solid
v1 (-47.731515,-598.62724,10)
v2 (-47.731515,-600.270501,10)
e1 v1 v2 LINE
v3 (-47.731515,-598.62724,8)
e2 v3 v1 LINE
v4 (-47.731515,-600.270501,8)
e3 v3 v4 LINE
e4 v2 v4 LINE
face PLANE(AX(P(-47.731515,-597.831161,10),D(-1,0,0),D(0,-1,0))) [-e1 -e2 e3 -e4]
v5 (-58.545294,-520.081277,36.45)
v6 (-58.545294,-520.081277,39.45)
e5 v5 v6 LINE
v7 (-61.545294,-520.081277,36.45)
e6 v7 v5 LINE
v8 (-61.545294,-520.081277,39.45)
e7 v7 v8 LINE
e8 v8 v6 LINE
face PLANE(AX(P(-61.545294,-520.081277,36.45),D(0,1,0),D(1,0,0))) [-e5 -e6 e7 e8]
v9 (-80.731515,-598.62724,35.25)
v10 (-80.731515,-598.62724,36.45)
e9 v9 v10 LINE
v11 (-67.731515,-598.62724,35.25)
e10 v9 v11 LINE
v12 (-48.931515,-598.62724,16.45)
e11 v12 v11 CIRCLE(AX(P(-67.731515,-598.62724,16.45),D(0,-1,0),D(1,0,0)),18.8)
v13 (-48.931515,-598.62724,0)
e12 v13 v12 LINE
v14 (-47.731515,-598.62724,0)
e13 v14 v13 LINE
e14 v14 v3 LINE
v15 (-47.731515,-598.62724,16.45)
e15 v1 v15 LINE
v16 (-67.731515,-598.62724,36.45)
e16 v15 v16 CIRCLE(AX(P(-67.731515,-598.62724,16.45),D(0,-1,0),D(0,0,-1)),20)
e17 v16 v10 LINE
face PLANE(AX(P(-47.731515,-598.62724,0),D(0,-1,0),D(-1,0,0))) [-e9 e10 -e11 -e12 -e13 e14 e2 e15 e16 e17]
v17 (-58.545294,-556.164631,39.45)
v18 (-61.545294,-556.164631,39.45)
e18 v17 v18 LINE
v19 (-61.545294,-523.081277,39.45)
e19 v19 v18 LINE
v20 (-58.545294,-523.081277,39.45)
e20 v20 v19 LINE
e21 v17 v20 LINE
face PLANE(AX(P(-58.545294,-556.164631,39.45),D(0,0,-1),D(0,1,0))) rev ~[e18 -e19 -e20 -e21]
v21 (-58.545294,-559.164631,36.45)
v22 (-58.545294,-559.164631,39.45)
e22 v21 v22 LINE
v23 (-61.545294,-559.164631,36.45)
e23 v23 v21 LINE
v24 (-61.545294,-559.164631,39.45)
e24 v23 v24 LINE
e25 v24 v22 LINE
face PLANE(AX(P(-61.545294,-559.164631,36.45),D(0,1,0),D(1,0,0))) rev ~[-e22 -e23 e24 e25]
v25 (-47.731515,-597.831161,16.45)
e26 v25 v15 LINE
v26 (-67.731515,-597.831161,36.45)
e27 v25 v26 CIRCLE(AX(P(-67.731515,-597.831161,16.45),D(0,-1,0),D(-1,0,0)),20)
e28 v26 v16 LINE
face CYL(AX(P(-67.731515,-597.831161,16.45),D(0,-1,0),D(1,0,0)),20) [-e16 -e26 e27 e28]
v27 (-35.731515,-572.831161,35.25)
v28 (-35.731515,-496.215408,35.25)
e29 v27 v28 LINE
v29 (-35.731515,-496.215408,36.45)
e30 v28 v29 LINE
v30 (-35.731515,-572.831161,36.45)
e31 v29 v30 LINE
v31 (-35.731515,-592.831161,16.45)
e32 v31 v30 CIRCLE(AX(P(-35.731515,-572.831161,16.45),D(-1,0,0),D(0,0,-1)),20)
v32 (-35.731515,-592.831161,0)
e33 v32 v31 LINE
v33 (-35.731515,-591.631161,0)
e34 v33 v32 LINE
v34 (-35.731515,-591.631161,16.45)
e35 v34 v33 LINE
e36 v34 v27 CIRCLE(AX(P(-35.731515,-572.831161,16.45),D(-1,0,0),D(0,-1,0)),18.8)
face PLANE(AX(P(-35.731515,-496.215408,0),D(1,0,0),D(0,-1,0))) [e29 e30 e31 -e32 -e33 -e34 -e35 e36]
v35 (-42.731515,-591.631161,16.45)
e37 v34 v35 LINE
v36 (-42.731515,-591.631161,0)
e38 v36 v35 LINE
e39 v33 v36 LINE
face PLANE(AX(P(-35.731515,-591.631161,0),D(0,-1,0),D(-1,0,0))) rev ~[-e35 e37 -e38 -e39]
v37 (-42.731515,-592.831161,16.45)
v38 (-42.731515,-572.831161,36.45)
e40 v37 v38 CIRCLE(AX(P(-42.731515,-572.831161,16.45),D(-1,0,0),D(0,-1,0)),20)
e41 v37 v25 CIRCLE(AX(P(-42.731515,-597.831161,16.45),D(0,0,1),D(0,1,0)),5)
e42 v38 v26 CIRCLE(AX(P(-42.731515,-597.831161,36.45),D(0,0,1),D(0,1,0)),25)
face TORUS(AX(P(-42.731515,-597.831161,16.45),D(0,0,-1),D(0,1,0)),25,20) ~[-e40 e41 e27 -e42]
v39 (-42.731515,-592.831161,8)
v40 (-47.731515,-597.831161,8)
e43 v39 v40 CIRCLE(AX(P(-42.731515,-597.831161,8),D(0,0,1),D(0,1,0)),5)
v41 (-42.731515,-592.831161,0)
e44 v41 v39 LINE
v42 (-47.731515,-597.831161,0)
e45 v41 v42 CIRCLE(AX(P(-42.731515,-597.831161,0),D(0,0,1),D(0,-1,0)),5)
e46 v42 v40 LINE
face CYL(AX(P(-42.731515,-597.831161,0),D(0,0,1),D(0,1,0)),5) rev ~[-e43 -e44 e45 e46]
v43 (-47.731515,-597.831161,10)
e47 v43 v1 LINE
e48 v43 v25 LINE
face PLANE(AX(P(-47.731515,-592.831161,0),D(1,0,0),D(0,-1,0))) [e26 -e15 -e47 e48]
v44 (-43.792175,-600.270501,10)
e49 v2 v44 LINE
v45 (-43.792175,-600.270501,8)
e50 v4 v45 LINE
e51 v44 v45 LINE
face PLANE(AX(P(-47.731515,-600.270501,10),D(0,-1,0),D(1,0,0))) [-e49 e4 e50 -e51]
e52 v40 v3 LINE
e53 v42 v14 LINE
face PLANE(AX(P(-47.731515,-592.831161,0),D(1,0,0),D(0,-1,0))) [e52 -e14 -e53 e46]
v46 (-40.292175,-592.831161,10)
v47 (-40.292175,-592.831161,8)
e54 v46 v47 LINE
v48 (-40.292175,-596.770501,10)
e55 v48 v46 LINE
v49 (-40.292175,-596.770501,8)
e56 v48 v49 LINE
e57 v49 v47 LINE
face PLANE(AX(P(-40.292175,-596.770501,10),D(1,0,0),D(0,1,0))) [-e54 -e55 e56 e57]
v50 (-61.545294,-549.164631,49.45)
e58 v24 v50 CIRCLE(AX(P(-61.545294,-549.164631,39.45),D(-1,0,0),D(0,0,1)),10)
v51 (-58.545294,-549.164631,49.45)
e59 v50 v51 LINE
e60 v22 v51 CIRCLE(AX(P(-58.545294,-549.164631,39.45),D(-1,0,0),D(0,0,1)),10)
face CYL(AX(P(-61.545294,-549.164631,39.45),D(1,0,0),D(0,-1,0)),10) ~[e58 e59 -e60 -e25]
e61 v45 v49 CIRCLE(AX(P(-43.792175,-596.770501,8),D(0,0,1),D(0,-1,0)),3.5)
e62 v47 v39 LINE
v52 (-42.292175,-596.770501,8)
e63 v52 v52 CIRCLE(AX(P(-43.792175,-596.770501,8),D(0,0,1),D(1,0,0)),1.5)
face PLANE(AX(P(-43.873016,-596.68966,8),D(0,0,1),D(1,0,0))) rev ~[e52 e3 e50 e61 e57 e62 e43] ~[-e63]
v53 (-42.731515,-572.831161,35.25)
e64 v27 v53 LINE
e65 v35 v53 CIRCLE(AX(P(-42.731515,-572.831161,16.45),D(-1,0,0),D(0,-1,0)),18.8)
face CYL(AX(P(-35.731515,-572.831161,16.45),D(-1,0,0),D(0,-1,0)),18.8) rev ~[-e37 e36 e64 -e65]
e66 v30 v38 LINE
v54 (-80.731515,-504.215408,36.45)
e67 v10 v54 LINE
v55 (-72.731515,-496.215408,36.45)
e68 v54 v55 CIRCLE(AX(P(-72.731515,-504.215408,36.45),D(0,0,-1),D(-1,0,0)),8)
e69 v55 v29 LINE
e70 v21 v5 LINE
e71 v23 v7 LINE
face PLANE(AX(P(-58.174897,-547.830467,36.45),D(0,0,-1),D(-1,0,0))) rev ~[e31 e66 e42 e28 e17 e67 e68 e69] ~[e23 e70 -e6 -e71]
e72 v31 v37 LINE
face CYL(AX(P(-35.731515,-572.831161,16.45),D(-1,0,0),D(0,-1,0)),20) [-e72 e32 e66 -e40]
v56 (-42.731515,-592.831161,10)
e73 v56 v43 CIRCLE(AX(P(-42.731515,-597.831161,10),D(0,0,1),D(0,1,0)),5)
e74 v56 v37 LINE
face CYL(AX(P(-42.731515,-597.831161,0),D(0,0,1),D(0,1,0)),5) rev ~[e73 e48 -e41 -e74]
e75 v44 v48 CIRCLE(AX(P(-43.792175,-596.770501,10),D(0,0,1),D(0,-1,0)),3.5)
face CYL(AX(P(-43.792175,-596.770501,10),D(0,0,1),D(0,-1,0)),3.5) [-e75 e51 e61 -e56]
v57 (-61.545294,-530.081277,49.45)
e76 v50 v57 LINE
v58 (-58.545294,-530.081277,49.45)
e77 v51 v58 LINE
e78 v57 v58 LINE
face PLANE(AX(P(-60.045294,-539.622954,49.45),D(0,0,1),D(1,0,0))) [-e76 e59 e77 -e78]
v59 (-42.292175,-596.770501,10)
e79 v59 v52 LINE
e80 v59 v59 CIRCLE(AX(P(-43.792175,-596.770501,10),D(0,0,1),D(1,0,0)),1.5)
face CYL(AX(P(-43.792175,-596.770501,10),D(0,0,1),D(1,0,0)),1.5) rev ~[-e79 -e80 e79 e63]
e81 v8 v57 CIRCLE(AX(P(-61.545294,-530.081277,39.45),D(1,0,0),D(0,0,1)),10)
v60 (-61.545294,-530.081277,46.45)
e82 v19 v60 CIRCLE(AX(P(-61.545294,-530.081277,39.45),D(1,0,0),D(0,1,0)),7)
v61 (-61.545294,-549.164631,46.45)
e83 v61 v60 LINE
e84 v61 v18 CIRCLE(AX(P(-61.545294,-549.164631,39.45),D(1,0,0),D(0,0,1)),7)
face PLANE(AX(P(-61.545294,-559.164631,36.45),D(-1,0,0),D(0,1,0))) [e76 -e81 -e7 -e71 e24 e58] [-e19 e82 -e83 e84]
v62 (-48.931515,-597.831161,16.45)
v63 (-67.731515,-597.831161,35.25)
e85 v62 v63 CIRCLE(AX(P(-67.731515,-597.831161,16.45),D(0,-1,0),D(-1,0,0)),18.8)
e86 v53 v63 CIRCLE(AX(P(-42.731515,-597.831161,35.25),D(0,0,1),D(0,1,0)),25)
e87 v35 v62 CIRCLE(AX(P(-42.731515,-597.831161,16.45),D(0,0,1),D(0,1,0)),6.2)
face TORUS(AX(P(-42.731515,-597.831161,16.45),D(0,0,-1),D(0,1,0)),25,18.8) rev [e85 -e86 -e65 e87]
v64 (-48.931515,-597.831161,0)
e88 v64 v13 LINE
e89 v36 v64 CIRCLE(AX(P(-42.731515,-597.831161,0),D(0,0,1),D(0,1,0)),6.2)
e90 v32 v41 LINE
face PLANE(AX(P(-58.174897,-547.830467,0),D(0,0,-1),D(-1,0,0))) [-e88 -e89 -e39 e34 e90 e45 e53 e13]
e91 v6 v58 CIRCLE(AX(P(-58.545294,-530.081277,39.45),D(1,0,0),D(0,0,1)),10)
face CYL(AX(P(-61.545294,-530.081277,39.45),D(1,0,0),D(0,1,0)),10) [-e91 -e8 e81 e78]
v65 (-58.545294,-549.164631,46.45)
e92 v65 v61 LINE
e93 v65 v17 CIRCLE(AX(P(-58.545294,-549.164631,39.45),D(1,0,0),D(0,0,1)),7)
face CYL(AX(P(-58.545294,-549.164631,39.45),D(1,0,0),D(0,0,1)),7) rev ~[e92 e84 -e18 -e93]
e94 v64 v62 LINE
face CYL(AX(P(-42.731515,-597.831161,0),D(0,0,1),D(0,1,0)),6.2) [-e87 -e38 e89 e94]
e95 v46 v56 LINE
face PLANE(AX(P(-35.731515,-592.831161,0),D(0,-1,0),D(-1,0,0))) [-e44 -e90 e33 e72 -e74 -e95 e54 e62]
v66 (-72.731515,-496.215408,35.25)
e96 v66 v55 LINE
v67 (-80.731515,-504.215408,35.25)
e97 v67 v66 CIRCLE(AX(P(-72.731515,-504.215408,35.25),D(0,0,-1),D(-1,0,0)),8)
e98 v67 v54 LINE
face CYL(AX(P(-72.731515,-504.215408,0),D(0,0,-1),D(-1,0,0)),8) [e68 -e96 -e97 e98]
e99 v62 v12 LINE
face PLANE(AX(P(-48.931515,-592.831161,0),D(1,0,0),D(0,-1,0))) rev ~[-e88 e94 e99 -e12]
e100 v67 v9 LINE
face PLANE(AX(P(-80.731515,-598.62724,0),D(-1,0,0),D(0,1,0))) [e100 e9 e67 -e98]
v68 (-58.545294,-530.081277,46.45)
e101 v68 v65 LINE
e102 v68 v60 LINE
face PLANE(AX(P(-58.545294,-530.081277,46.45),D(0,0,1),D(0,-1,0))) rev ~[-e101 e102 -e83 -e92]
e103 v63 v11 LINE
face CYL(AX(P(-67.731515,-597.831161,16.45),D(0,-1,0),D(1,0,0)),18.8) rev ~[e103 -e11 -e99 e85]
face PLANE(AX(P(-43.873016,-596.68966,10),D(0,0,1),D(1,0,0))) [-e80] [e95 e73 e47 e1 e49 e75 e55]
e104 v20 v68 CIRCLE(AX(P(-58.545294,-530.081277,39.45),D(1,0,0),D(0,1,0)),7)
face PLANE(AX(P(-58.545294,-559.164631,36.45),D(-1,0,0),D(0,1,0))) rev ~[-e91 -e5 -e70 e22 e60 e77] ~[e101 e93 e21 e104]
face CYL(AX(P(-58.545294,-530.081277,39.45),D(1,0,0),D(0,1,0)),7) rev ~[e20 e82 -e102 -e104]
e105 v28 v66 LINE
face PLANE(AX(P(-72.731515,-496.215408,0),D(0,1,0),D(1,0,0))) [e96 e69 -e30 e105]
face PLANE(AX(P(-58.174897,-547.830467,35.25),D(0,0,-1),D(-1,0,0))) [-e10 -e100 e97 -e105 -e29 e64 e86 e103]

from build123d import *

# Parameters (mm, degrees)
BOSS_EXTRUDE1_DEPTH = 36.45
FILLET1_R           = 5
FILLET2_R           = 20
SHELL2_T            = -1.2
BOSS_EXTRUDE2_START = 2
SKETCH3_R           = 1.5
BOSS_EXTRUDE2_DEPTH = 2
SKETCH4_W           = 3
SKETCH4_H           = 39.083354503
BOSS_EXTRUDE3_DEPTH = 13
FILLET3_R           = 10
CUT_EXTRUDE1_DEPTH  = 13


with BuildPart() as part:
    # Sketch1 → Boss-Extrude1 (new body)
    with BuildSketch(Plane.XY):
        with BuildLine():
            Line((-72.731515082, -496.215408036), (-35.731515082, -496.215408036))
            Line((-35.731515082, -496.215408036), (-35.731515082, -592.831160904))
            Line((-35.731515082, -592.831160904), (-47.731515082, -592.831160904))
            Line((-47.731515082, -592.831160904), (-47.731515082, -598.627239774))
            Line((-47.731515082, -598.627239774), (-80.731515082, -598.627239774))
            Line((-80.731515082, -598.627239774), (-80.731515082, -504.215408036))
            ThreePointArc((-80.731515082, -504.215408036), (-78.388369332, -498.558553786), (-72.731515082, -496.215408036))
        make_face()
    extrude(amount=BOSS_EXTRUDE1_DEPTH)

    # Fillet1
    fillet1_edges = [part.edges().sort_by_distance(p)[0] for p in [
        (-47.731515082, -592.831160904, 18.225),
    ]]
    fillet(fillet1_edges, radius=FILLET1_R)

    # Fillet2
    fillet2_edges = [part.edges().sort_by_distance(p)[0] for p in [
        (-39.231515082, -592.831160904, 36.45),
        (-46.267048988, -594.295626999, 36.45),
        (-47.731515082, -598.229200339, 36.45),
    ]]
    fillet(fillet2_edges, radius=FILLET2_R)

    # Shell2
    shell2_openings = [part.faces().sort_by_distance(p)[0] for p in [
        (-78.388369332, -498.558553786, 18.225),
        (-80.731515082, -551.421323905, 18.225),
        (-65.156208184, -598.627239774, 17.167742853),
        (-35.731515082, -543.427965052, 17.881276605),
        (-54.231515082, -496.215408036, 18.225),
        (-58.408271611, -546.88462098, 0),
    ]]
    offset(amount=SHELL2_T, openings=shell2_openings, kind=Kind.INTERSECTION)

    # Sketch3 → Boss-Extrude2 (add)
    with BuildSketch(Plane.XY.offset(8).offset(BOSS_EXTRUDE2_START)):
        with BuildLine():
            Line((-47.731515082, -597.831160904), (-47.731515082, -600.270500733))
            Line((-47.731515082, -600.270500733), (-43.792175254, -600.270500733))
            ThreePointArc((-43.792175254, -600.270500733), (-41.31730152, -599.245374467), (-40.292175254, -596.770500733))
            Line((-40.292175254, -596.770500733), (-40.292175254, -592.831160904))
            Line((-40.292175254, -592.831160904), (-42.731515082, -592.831160904))
            ThreePointArc((-42.731515082, -592.831160904), (-46.267048988, -594.295626999), (-47.731515082, -597.831160904))
        make_face()
        with Locations((-43.792175254, -596.770500733)):
            Circle(SKETCH3_R, mode=Mode.SUBTRACT)
    extrude(amount=-BOSS_EXTRUDE2_DEPTH)

    # Sketch4 → Boss-Extrude3 (add)
    with BuildSketch(Plane.XY.offset(36.45)):
        with Locations((-60.045293953, -539.622953905)):
            Rectangle(SKETCH4_W, SKETCH4_H)
    extrude(amount=BOSS_EXTRUDE3_DEPTH)

    # Fillet3
    fillet3_edges = [part.edges().sort_by_distance(p)[0] for p in [
        (-60.045293953, -559.164631156, 49.45),
        (-60.045293953, -520.081276653, 49.45),
    ]]
    fillet(fillet3_edges, radius=FILLET3_R)

    # Sketch5 → Cut-Extrude1 (cut)
    with BuildSketch(Plane(origin=(-58.545293953, 0, 0), x_dir=(0, 0, -1), z_dir=(1, 0, 0))):
        with BuildLine():
            Line((-39.45, -556.164631156), (-39.45, -523.081276653))
            ThreePointArc((-39.45, -523.081276653), (-44.399747468, -525.131529185), (-46.45, -530.081276653))
            Line((-46.45, -530.081276653), (-46.45, -549.164631156))
            ThreePointArc((-46.45, -549.164631156), (-44.399747468, -554.114378625), (-39.45, -556.164631156))
        make_face()
    extrude(amount=-CUT_EXTRUDE1_DEPTH, mode=Mode.SUBTRACT)


solid = part.part
